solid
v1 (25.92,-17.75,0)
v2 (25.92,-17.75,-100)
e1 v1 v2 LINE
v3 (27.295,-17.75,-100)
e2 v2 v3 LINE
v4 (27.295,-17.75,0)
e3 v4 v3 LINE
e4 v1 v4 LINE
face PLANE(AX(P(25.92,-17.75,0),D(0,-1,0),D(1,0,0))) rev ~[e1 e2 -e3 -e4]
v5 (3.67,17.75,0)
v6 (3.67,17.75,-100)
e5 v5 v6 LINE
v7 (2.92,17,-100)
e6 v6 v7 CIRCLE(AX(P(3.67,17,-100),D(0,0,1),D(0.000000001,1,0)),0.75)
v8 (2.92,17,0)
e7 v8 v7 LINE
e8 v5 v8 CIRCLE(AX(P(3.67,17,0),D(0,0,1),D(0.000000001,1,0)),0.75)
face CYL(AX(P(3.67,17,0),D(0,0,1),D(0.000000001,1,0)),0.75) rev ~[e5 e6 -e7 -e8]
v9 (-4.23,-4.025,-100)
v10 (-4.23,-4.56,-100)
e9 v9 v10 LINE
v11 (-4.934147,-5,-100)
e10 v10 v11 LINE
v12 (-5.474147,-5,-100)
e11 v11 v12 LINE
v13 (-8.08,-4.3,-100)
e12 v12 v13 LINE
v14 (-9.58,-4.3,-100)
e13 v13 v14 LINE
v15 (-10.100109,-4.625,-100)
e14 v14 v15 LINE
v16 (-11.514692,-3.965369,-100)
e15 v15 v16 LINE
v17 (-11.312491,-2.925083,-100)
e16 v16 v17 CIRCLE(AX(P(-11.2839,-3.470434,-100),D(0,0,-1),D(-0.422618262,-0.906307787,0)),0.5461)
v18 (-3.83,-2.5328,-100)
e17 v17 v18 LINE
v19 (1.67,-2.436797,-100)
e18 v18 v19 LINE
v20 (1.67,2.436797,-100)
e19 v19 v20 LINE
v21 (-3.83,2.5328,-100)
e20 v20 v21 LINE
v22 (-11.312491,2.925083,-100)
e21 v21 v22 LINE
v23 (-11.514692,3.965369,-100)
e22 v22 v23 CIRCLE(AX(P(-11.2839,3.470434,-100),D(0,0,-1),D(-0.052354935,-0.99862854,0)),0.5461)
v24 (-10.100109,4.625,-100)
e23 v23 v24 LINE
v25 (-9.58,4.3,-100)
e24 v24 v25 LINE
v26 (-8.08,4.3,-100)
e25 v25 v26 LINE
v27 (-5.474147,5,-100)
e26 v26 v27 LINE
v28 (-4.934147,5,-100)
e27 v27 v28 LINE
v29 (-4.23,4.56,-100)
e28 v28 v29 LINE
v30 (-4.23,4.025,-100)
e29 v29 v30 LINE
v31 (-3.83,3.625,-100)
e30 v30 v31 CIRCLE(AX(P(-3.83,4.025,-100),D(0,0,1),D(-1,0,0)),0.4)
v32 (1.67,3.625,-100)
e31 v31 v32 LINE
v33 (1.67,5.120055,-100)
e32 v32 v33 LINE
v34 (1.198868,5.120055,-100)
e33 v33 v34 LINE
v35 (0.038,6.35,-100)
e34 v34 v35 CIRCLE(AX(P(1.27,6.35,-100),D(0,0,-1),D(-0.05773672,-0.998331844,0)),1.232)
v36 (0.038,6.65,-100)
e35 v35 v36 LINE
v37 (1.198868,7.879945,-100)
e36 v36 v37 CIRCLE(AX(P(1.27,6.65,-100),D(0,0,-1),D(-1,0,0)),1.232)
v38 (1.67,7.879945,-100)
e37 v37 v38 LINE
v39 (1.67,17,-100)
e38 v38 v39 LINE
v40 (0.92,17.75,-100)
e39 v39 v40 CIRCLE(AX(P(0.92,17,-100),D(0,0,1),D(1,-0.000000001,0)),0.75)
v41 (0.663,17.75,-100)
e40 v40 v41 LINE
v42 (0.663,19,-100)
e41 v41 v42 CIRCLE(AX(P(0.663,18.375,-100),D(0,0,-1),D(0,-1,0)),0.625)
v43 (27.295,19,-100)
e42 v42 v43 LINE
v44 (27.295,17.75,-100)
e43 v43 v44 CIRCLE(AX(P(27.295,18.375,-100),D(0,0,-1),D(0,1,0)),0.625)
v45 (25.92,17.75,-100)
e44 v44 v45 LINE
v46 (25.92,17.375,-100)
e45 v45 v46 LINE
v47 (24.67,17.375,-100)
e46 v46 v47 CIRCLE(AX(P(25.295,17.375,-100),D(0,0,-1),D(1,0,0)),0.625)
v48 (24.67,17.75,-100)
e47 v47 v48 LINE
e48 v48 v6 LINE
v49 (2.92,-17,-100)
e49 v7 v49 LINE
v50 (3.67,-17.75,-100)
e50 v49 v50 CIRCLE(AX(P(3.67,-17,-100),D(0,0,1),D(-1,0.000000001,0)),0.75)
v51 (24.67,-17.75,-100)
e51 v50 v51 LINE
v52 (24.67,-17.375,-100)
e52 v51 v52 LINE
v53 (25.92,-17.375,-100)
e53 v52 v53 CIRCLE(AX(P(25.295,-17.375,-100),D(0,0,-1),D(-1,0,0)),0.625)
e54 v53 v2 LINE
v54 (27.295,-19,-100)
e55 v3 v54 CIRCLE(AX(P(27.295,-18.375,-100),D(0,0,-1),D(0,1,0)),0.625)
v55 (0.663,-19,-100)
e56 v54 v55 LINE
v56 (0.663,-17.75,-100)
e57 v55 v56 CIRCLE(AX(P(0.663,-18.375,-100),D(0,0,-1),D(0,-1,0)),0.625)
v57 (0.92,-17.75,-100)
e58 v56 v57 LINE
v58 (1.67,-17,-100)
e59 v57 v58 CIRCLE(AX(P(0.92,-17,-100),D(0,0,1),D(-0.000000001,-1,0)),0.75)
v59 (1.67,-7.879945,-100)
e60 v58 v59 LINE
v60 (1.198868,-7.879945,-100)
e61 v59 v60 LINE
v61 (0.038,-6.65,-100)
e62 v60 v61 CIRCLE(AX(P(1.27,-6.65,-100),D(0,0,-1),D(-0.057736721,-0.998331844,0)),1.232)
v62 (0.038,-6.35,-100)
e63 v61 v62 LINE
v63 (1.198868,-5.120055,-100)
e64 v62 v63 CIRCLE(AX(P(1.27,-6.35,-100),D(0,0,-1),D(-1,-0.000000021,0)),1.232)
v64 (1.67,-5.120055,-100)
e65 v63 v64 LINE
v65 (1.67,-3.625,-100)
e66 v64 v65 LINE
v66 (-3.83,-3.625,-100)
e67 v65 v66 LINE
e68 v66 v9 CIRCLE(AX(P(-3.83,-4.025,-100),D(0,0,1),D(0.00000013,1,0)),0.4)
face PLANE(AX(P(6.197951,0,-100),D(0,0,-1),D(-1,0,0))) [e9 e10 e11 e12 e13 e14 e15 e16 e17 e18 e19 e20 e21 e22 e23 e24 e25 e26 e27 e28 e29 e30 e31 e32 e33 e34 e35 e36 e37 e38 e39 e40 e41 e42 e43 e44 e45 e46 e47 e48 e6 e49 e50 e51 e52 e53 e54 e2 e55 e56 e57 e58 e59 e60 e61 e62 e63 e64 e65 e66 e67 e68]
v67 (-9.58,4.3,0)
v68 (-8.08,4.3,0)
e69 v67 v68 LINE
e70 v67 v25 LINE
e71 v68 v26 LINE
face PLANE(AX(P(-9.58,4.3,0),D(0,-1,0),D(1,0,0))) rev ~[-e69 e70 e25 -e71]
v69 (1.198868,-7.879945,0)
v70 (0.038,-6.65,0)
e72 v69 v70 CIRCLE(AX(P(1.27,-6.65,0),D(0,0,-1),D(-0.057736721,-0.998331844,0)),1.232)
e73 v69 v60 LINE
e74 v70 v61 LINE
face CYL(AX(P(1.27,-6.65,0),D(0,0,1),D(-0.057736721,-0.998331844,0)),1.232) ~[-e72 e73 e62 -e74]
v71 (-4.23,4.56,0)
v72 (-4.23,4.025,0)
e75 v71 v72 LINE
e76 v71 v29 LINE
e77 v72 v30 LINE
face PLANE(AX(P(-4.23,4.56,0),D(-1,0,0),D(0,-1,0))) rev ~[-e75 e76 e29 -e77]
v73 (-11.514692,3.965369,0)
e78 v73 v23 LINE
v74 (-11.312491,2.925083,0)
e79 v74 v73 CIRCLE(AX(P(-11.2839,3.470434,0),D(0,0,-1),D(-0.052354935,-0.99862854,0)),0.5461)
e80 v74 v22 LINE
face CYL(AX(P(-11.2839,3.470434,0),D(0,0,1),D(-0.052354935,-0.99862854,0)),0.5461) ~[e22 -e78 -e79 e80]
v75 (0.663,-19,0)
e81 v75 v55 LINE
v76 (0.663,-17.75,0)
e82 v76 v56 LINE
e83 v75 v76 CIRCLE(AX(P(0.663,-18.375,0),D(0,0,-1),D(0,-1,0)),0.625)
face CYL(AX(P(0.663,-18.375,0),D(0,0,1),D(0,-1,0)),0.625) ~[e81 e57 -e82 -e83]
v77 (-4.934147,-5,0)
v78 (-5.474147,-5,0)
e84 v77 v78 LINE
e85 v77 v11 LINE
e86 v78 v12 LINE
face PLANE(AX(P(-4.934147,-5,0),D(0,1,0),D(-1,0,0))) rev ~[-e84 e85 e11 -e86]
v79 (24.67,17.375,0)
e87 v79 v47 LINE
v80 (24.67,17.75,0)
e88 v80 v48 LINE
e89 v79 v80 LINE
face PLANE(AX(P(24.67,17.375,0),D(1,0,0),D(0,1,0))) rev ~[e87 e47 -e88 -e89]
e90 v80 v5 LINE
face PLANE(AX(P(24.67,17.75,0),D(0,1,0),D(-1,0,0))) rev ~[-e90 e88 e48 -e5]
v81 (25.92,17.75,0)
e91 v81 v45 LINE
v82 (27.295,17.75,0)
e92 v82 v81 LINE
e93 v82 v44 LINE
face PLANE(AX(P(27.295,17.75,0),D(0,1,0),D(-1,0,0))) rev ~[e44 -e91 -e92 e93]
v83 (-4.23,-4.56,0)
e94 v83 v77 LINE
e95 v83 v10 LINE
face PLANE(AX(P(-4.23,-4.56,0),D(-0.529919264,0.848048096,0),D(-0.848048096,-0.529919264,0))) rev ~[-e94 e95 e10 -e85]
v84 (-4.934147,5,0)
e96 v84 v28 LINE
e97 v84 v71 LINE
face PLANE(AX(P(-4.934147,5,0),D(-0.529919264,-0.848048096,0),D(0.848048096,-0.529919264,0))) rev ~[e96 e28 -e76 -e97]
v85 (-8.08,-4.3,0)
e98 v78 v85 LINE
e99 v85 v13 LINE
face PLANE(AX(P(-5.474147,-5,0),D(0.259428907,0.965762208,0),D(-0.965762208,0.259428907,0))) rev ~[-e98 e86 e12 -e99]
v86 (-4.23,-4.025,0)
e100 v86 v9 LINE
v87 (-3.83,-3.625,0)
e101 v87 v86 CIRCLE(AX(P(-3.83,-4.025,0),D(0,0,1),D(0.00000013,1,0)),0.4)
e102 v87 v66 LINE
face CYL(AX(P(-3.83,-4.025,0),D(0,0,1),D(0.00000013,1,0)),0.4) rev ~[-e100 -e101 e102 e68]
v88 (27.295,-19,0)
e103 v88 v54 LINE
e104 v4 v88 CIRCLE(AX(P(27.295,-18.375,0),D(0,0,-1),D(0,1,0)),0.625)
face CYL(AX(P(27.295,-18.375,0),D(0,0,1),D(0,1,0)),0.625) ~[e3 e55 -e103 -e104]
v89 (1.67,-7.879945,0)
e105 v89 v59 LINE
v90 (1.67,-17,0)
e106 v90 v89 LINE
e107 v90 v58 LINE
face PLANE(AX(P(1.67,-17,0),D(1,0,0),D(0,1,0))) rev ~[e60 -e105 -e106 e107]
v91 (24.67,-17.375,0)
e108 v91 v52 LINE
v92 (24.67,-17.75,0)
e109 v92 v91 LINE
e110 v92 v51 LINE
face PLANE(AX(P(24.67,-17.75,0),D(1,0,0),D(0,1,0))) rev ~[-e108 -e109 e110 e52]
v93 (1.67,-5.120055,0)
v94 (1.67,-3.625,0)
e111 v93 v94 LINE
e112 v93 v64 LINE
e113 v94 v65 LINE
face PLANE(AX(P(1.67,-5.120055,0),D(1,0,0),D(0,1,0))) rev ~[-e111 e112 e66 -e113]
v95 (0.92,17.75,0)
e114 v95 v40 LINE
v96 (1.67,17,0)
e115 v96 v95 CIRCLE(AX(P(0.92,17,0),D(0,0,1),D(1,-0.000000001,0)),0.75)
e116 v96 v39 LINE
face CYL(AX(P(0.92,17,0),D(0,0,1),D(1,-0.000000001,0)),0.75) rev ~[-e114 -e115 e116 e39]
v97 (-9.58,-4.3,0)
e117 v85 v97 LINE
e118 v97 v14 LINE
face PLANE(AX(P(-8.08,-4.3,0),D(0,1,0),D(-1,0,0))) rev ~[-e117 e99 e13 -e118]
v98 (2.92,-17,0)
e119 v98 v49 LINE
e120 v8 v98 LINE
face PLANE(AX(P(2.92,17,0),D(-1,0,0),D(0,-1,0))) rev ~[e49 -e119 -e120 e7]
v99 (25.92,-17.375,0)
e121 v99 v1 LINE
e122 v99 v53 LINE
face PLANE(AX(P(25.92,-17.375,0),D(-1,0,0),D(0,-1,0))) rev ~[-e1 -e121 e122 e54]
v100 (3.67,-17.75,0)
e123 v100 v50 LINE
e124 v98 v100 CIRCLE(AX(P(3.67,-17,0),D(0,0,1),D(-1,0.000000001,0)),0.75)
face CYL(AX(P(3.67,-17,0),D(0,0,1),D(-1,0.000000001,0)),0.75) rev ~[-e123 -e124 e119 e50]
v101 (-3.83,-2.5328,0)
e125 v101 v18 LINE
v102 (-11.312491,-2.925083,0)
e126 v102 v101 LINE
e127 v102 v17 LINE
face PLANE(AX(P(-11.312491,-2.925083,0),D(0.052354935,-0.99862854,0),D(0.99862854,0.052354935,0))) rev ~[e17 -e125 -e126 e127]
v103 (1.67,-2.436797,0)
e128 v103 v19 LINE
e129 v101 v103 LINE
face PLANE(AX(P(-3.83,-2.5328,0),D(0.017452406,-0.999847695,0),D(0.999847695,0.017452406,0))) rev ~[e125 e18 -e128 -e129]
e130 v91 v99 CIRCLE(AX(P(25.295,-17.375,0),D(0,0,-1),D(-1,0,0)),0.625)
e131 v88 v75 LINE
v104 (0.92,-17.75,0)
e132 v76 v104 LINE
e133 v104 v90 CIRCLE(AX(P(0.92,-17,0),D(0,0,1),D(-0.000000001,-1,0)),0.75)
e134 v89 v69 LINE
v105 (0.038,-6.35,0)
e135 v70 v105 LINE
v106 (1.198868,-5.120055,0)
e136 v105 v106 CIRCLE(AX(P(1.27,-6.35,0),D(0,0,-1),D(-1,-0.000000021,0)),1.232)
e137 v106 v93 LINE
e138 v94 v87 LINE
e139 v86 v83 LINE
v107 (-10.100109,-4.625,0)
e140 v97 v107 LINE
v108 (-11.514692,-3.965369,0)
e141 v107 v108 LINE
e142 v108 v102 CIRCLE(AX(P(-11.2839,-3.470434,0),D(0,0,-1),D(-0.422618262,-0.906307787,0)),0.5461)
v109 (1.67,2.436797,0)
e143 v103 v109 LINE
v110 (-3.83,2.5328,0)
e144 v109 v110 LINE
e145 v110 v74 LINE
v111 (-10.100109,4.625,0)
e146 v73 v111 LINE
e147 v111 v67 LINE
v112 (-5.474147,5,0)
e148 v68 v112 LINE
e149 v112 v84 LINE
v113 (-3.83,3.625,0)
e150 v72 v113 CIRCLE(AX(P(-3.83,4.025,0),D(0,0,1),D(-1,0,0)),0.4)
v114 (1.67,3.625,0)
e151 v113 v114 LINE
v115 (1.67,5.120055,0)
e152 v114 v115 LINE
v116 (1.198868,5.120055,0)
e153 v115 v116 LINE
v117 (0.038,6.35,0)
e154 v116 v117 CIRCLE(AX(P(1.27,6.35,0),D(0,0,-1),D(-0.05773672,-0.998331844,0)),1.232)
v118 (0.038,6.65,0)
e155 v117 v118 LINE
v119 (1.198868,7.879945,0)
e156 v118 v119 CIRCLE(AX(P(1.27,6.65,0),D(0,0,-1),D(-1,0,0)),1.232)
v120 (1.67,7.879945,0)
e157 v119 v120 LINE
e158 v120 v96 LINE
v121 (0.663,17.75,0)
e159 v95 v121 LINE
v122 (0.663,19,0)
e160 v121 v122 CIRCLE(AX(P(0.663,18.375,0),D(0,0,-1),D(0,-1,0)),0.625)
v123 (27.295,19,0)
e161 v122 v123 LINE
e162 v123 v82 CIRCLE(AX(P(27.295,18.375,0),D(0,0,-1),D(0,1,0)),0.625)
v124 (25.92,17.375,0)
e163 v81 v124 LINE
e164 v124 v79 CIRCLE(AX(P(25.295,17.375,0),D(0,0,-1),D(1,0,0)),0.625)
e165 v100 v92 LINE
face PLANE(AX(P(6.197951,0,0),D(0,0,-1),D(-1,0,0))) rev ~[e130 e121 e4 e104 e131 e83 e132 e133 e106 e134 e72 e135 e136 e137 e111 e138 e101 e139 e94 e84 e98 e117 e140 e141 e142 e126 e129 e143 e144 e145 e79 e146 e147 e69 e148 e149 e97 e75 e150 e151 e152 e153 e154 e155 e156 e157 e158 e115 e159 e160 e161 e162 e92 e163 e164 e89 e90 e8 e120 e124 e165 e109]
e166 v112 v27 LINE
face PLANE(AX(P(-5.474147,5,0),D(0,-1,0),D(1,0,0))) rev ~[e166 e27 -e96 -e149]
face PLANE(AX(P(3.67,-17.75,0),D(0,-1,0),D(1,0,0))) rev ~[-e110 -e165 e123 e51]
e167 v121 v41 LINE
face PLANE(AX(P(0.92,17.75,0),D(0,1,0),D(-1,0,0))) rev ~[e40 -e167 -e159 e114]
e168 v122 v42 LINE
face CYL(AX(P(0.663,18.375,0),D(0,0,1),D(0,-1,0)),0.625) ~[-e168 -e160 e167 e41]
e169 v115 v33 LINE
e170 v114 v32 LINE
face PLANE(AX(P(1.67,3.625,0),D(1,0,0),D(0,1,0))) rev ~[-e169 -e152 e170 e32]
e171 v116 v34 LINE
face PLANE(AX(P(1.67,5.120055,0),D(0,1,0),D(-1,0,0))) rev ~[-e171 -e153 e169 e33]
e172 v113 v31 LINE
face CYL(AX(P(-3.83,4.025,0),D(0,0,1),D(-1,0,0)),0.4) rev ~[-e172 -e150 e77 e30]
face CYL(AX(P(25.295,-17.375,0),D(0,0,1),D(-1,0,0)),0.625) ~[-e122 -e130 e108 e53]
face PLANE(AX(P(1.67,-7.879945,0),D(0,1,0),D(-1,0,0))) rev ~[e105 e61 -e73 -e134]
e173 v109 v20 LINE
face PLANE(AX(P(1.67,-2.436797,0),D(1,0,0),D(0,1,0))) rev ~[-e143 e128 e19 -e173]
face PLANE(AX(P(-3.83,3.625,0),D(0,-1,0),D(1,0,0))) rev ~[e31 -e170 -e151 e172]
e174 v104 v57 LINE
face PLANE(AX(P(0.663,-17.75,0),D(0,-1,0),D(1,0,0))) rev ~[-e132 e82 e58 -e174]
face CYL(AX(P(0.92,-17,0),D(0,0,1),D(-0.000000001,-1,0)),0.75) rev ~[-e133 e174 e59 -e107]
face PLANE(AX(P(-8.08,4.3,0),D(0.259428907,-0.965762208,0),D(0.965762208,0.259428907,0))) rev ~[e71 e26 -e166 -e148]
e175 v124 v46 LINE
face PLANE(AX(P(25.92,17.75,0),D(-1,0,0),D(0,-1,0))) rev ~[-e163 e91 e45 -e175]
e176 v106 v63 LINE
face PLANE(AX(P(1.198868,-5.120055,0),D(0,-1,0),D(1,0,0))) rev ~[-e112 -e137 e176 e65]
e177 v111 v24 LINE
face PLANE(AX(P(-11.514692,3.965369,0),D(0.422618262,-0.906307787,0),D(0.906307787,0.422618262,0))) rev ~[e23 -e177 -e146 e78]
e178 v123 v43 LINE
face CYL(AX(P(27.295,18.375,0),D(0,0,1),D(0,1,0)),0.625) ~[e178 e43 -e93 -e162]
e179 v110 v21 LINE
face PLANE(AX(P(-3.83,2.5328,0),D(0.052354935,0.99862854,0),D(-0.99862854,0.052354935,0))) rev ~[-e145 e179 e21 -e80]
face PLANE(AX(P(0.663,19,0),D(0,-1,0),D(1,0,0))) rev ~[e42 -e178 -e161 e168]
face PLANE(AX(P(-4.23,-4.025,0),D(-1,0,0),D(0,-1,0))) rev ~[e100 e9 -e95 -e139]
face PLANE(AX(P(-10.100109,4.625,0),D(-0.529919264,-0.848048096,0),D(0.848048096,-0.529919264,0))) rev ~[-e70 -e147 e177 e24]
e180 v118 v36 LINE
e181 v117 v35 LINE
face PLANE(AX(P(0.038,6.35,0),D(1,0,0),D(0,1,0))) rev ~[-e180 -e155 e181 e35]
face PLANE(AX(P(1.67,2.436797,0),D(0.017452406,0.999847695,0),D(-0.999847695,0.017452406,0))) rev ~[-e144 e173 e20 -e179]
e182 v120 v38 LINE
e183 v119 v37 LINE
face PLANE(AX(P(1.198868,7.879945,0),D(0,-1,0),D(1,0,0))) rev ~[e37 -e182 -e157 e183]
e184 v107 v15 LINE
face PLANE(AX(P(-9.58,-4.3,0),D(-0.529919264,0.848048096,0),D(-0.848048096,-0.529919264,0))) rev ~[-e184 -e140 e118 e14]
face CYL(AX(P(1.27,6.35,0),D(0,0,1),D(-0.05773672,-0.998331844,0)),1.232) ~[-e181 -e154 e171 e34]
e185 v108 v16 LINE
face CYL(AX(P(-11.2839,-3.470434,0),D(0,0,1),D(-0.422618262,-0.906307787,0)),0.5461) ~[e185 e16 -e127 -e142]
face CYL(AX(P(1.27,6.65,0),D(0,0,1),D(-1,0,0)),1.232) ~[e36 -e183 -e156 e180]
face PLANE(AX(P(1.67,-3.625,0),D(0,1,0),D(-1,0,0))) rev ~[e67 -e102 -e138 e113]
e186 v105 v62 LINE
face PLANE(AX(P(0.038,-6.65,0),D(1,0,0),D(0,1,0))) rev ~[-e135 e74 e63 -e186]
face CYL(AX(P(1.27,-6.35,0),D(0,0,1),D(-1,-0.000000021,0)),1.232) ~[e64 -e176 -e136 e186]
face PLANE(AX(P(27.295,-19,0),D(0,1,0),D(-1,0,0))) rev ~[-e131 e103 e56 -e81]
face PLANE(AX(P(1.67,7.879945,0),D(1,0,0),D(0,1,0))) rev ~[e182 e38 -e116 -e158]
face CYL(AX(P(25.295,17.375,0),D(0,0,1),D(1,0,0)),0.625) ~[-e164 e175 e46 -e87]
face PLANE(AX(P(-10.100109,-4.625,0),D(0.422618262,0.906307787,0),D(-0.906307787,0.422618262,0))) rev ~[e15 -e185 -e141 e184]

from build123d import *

# Parameters (mm, degrees)
MAIN_EXTRUSION_DEPTH = 100


with BuildPart() as part:
    # Sk Main Extrusion → Main Extrusion (new body)
    with BuildSketch(Plane.XY):
        with BuildLine():
            Line((-3.83, 2.5328), (-11.31249103, 2.925083334))
            ThreePointArc((-11.31249103, 2.925083334), (-11.819967595, 3.366238681), (-11.514691833, 3.965369062))
            Line((-11.514691833, 3.965369062), (-10.100108722, 4.625))
            Line((-10.100108722, 4.625), (-9.58, 4.3))
            Line((-9.58, 4.3), (-8.08, 4.3))
            Line((-8.08, 4.3), (-5.474147193, 5))
            Line((-5.474147193, 5), (-4.934147193, 5))
            Line((-4.934147193, 5), (-4.23, 4.56))
            Line((-4.23, 4.56), (-4.23, 4.025))
            ThreePointArc((-4.23, 4.025), (-4.112842694, 3.742157269), (-3.829999948, 3.625))
            Line((-3.829999948, 3.625), (1.67, 3.625))
            Line((1.67, 3.625), (1.67, 5.120055168))
            Line((1.67, 5.120055168), (1.19886836, 5.120055168))
            ThreePointArc((1.19886836, 5.120055168), (0.3740485, 5.504367154), (0.038, 6.35))
            Line((0.038, 6.35), (0.038, 6.65))
            ThreePointArc((0.038, 6.65), (0.3740485, 7.495632846), (1.19886836, 7.879944832))
            Line((1.19886836, 7.879944832), (1.67, 7.879944832))
            Line((1.67, 7.879944832), (1.67, 17))
            ThreePointArc((1.67, 17), (1.450330086, 17.530330086), (0.92, 17.75))
            Line((0.92, 17.75), (0.663, 17.75))
            ThreePointArc((0.663, 17.75), (0.038, 18.375), (0.663, 19))
            Line((0.663, 19), (27.295, 19))
            ThreePointArc((27.295, 19), (27.92, 18.375), (27.295, 17.75))
            Line((27.295, 17.75), (25.92, 17.75))
            Line((25.92, 17.75), (25.92, 17.375))
            ThreePointArc((25.92, 17.375), (25.295, 16.75), (24.67, 17.375))
            Line((24.67, 17.375), (24.67, 17.75))
            Line((24.67, 17.75), (3.67, 17.75))
            ThreePointArc((3.67, 17.75), (3.139669914, 17.530330086), (2.92, 17))
            Line((2.92, 17), (2.92, -17))
            ThreePointArc((2.92, -17), (3.139669914, -17.530330086), (3.67, -17.75))
            Line((3.67, -17.75), (24.67, -17.75))
            Line((24.67, -17.75), (24.67, -17.375))
            ThreePointArc((24.67, -17.375), (25.295, -16.75), (25.92, -17.375))
            Line((25.92, -17.375), (25.92, -17.75))
            Line((25.92, -17.75), (27.295, -17.75))
            ThreePointArc((27.295, -17.75), (27.92, -18.375), (27.295, -19))
            Line((27.295, -19), (0.663, -19))
            ThreePointArc((0.663, -19), (0.038, -18.375), (0.663, -17.75))
            Line((0.663, -17.75), (0.92, -17.75))
            ThreePointArc((0.92, -17.75), (1.450330086, -17.530330086), (1.67, -17))
            Line((1.67, -17), (1.67, -7.879944832))
            Line((1.67, -7.879944832), (1.19886836, -7.879944832))
            ThreePointArc((1.19886836, -7.879944832), (0.374048509, -7.495632855), (0.038, -6.650000026))
            Line((0.038, -6.650000026), (0.038, -6.350000026))
            ThreePointArc((0.038, -6.350000026), (0.374048491, -5.504367164), (1.19886836, -5.120055168))
            Line((1.19886836, -5.120055168), (1.67, -5.120055168))
            Line((1.67, -5.120055168), (1.67, -3.625))
            Line((1.67, -3.625), (-3.829999948, -3.625))
            ThreePointArc((-3.829999948, -3.625), (-4.112842694, -3.742157269), (-4.23, -4.025))
            Line((-4.23, -4.025), (-4.23, -4.56))
            Line((-4.23, -4.56), (-4.934147193, -5))
            Line((-4.934147193, -5), (-5.474147193, -5))
            Line((-5.474147193, -5), (-8.08, -4.3))
            Line((-8.08, -4.3), (-9.58, -4.3))
            Line((-9.58, -4.3), (-10.100108722, -4.625))
            Line((-10.100108722, -4.625), (-11.514691833, -3.965369062))
            ThreePointArc((-11.514691833, -3.965369062), (-11.819967595, -3.366238681), (-11.31249103, -2.925083334))
            Line((-11.31249103, -2.925083334), (-3.83, -2.5328))
            Line((-3.83, -2.5328), (1.67, -2.436797143))
            Line((1.67, -2.436797143), (1.67, 2.436797143))
            Line((1.67, 2.436797143), (-3.83, 2.5328))
        make_face()
    extrude(amount=-MAIN_EXTRUSION_DEPTH)


solid = part.part
